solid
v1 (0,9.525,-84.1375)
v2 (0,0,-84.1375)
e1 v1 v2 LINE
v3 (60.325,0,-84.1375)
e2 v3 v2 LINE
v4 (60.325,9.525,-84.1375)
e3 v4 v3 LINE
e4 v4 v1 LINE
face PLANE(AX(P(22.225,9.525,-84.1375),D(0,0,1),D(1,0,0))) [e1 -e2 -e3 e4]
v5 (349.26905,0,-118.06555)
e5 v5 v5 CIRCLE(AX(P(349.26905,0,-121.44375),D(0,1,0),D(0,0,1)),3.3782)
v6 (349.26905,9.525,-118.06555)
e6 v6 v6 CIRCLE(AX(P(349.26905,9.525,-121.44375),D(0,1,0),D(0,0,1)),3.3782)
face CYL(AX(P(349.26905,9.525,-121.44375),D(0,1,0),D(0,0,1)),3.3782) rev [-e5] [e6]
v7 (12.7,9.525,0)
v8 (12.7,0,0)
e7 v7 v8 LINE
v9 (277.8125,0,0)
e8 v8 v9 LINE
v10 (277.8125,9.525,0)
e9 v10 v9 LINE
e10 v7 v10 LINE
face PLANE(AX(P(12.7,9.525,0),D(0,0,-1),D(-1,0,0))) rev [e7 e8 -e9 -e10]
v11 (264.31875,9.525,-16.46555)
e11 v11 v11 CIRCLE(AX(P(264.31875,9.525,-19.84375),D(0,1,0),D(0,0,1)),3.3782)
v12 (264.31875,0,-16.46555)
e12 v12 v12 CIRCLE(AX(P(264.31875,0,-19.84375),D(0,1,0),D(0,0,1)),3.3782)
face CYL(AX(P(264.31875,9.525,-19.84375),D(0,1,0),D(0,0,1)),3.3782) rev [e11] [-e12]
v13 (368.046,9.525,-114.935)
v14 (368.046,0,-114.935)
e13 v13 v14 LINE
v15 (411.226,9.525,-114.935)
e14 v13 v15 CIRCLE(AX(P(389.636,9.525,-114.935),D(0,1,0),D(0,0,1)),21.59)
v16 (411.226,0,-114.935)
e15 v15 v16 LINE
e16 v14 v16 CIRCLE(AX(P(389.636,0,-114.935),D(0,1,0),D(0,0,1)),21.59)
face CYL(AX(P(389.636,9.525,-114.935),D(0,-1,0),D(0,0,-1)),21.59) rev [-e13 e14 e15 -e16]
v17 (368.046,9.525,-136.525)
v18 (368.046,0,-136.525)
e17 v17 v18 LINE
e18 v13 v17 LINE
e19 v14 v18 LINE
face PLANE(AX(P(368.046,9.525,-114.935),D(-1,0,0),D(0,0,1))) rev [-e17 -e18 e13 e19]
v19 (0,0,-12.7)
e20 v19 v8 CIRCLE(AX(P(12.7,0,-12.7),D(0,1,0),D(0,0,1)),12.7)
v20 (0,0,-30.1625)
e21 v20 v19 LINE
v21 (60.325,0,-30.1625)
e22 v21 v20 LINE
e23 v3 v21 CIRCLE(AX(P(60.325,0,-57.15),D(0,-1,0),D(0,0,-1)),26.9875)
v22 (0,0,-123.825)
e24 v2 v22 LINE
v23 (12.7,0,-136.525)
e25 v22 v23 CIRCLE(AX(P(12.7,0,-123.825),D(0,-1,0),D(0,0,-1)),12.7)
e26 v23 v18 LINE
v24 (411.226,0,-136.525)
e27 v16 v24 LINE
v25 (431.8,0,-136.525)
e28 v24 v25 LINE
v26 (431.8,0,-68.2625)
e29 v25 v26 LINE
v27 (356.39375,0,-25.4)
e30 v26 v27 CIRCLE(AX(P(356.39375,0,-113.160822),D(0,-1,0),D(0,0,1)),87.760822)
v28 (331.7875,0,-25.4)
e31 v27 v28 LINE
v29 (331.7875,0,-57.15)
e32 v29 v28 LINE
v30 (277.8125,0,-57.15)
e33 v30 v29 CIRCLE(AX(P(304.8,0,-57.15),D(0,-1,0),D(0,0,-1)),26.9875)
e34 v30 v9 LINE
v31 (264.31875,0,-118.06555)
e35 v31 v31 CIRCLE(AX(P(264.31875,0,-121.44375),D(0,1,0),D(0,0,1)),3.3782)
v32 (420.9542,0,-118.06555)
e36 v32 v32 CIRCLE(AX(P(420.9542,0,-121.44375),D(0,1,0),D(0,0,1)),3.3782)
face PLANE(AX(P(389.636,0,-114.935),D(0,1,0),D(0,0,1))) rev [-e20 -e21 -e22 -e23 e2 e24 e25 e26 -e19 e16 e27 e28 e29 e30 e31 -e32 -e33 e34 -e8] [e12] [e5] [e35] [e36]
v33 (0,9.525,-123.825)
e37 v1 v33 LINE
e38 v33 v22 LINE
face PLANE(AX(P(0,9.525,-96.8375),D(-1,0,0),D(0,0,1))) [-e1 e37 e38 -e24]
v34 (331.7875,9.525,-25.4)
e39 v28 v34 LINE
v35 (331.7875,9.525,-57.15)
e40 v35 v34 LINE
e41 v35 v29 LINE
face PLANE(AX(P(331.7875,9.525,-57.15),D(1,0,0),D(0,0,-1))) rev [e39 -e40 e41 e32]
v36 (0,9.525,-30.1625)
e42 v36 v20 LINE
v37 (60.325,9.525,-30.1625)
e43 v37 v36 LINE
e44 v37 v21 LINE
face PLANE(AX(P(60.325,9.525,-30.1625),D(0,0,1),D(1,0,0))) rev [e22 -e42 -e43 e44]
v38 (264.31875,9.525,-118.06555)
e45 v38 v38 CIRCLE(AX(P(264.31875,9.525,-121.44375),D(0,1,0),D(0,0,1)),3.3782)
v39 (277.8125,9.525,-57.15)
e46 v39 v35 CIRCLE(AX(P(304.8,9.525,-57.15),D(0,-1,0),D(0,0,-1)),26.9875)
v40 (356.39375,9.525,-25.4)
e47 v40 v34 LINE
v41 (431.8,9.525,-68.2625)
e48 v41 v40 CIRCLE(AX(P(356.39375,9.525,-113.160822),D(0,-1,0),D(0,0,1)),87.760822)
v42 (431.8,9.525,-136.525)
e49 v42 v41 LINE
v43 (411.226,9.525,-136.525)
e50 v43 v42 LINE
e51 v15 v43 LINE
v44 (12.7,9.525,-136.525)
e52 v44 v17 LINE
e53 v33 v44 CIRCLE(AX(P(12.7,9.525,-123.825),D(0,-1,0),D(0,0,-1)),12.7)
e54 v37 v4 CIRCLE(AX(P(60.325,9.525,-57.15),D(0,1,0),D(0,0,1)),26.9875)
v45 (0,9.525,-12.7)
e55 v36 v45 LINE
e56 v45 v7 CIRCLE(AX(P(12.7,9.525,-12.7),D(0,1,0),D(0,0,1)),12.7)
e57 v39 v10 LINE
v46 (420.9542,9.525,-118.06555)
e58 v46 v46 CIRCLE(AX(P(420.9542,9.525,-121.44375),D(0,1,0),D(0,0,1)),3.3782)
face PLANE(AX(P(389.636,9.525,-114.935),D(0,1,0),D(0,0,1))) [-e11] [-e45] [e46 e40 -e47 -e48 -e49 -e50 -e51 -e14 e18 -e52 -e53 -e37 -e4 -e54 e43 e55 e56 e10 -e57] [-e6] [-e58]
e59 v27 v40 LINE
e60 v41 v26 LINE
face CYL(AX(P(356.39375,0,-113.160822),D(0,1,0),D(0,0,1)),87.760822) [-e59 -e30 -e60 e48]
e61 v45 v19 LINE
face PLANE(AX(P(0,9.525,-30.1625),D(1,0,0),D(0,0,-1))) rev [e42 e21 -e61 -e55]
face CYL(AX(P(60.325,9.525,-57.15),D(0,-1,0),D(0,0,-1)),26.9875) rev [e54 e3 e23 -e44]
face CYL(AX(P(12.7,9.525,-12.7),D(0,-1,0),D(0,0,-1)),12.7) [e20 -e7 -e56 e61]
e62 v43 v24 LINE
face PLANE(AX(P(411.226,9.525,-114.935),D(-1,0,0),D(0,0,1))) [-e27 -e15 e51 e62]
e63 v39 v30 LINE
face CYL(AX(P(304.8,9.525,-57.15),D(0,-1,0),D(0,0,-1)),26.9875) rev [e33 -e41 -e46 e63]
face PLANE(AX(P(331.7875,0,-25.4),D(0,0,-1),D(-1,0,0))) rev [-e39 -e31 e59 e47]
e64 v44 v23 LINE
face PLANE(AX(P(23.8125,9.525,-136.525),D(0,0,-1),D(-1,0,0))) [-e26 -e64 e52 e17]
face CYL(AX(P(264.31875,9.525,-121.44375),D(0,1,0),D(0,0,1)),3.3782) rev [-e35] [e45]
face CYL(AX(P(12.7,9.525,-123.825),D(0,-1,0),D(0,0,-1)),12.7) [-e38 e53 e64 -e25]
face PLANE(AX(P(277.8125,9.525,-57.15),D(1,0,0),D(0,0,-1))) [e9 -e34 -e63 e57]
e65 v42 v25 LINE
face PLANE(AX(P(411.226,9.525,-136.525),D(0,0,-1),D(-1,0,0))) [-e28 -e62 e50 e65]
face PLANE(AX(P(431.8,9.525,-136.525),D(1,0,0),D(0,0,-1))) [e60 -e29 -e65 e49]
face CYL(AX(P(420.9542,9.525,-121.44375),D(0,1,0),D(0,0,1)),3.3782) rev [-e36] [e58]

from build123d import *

# Parameters (mm, degrees)
BOSS_EXTRUDE2_DEPTH     = 9.525
CUT_EXTRUDE2_DEPTH      = 453.969139401
F_1_4_CLEARANCE_HOLE1_D = 6.7564


with BuildPart() as part:
    # Sketch1 → Boss-Extrude2 (new body)
    with BuildSketch(Plane(origin=(0, 0, 0), x_dir=(1, 0, 0), z_dir=(0, 1, 0))):
        with BuildLine():
            Line((25.4, 0), (277.8125, 0))
            Line((277.8125, 0), (277.8125, 57.15))
            ThreePointArc((277.8125, 57.15), (304.8, 84.1375), (331.78749993, 57.15))
            Line((331.78749993, 57.15), (331.78749993, 0))
            Line((331.78749993, 0), (357.18749993, 0))
            ThreePointArc((357.18749993, 0), (407.751306336, 19.640432558), (431.8, 68.2625))
            Line((431.8, 68.2625), (431.8, 136.525))
            Line((431.8, 136.525), (411.226, 136.525))
            Line((411.226, 136.525), (411.226, 114.935))
            ThreePointArc((411.226, 114.935), (389.636, 93.345), (368.046, 114.935))
            Line((368.046, 114.935), (368.046, 136.525))
            Line((368.046, 136.525), (23.8125, 136.525))
            Line((23.8125, 136.525), (12.7, 136.525))
            ThreePointArc((12.7, 136.525), (3.719743879, 132.805256121), (0, 123.825))
            Line((0, 123.825), (0, 96.8375))
            Line((0, 96.8375), (0, 84.1375))
            Line((0, 84.1375), (22.225, 84.1375))
            Line((22.225, 84.1375), (60.325, 84.1375))
            ThreePointArc((60.325, 84.1375), (79.408044257, 76.233044257), (87.3125, 57.15))
            ThreePointArc((87.3125, 57.15), (79.408044257, 38.066955743), (60.325, 30.1625))
            Line((60.325, 30.1625), (22.225, 30.1625))
            Line((22.225, 30.1625), (0, 30.1625))
            Line((0, 30.1625), (0, 17.4625))
            Line((0, 17.4625), (0, 12.7))
            ThreePointArc((0, 12.7), (3.719743879, 3.719743879), (12.7, 0))
            Line((12.7, 0), (25.4, 0))
        make_face()
    extrude(amount=BOSS_EXTRUDE2_DEPTH)

    # Sketch2 → Cut-Extrude2 (cut, through all)
    with BuildSketch(Plane(origin=(0, 9.525, 0), x_dir=(1, 0, 0), z_dir=(0, 1, 0))):
        with BuildLine():
            Line((331.78749993, 0), (331.78749993, 25.4))
            Line((331.78749993, 25.4), (356.39375, 25.4))
            ThreePointArc((356.39375, 25.4), (399.762219091, 36.86444095), (431.8, 68.2625))
            ThreePointArc((431.8, 68.2625), (407.751306336, 19.640432558), (357.18749993, 0))
            Line((357.18749993, 0), (331.78749993, 0))
        make_face()
    extrude(amount=-CUT_EXTRUDE2_DEPTH, mode=Mode.SUBTRACT)

    # 1/4 Clearance Hole1 (through all)
    with Locations(Plane(origin=(0, 9.525, 0), x_dir=(1, 0, 0), z_dir=(0, 1, 0))):
        with Locations((420.9542, 121.44375), (349.26905, 121.44375), (264.318750035, 121.44375), (264.318750035, 19.84375)):
            Hole(F_1_4_CLEARANCE_HOLE1_D / 2)


solid = part.part
